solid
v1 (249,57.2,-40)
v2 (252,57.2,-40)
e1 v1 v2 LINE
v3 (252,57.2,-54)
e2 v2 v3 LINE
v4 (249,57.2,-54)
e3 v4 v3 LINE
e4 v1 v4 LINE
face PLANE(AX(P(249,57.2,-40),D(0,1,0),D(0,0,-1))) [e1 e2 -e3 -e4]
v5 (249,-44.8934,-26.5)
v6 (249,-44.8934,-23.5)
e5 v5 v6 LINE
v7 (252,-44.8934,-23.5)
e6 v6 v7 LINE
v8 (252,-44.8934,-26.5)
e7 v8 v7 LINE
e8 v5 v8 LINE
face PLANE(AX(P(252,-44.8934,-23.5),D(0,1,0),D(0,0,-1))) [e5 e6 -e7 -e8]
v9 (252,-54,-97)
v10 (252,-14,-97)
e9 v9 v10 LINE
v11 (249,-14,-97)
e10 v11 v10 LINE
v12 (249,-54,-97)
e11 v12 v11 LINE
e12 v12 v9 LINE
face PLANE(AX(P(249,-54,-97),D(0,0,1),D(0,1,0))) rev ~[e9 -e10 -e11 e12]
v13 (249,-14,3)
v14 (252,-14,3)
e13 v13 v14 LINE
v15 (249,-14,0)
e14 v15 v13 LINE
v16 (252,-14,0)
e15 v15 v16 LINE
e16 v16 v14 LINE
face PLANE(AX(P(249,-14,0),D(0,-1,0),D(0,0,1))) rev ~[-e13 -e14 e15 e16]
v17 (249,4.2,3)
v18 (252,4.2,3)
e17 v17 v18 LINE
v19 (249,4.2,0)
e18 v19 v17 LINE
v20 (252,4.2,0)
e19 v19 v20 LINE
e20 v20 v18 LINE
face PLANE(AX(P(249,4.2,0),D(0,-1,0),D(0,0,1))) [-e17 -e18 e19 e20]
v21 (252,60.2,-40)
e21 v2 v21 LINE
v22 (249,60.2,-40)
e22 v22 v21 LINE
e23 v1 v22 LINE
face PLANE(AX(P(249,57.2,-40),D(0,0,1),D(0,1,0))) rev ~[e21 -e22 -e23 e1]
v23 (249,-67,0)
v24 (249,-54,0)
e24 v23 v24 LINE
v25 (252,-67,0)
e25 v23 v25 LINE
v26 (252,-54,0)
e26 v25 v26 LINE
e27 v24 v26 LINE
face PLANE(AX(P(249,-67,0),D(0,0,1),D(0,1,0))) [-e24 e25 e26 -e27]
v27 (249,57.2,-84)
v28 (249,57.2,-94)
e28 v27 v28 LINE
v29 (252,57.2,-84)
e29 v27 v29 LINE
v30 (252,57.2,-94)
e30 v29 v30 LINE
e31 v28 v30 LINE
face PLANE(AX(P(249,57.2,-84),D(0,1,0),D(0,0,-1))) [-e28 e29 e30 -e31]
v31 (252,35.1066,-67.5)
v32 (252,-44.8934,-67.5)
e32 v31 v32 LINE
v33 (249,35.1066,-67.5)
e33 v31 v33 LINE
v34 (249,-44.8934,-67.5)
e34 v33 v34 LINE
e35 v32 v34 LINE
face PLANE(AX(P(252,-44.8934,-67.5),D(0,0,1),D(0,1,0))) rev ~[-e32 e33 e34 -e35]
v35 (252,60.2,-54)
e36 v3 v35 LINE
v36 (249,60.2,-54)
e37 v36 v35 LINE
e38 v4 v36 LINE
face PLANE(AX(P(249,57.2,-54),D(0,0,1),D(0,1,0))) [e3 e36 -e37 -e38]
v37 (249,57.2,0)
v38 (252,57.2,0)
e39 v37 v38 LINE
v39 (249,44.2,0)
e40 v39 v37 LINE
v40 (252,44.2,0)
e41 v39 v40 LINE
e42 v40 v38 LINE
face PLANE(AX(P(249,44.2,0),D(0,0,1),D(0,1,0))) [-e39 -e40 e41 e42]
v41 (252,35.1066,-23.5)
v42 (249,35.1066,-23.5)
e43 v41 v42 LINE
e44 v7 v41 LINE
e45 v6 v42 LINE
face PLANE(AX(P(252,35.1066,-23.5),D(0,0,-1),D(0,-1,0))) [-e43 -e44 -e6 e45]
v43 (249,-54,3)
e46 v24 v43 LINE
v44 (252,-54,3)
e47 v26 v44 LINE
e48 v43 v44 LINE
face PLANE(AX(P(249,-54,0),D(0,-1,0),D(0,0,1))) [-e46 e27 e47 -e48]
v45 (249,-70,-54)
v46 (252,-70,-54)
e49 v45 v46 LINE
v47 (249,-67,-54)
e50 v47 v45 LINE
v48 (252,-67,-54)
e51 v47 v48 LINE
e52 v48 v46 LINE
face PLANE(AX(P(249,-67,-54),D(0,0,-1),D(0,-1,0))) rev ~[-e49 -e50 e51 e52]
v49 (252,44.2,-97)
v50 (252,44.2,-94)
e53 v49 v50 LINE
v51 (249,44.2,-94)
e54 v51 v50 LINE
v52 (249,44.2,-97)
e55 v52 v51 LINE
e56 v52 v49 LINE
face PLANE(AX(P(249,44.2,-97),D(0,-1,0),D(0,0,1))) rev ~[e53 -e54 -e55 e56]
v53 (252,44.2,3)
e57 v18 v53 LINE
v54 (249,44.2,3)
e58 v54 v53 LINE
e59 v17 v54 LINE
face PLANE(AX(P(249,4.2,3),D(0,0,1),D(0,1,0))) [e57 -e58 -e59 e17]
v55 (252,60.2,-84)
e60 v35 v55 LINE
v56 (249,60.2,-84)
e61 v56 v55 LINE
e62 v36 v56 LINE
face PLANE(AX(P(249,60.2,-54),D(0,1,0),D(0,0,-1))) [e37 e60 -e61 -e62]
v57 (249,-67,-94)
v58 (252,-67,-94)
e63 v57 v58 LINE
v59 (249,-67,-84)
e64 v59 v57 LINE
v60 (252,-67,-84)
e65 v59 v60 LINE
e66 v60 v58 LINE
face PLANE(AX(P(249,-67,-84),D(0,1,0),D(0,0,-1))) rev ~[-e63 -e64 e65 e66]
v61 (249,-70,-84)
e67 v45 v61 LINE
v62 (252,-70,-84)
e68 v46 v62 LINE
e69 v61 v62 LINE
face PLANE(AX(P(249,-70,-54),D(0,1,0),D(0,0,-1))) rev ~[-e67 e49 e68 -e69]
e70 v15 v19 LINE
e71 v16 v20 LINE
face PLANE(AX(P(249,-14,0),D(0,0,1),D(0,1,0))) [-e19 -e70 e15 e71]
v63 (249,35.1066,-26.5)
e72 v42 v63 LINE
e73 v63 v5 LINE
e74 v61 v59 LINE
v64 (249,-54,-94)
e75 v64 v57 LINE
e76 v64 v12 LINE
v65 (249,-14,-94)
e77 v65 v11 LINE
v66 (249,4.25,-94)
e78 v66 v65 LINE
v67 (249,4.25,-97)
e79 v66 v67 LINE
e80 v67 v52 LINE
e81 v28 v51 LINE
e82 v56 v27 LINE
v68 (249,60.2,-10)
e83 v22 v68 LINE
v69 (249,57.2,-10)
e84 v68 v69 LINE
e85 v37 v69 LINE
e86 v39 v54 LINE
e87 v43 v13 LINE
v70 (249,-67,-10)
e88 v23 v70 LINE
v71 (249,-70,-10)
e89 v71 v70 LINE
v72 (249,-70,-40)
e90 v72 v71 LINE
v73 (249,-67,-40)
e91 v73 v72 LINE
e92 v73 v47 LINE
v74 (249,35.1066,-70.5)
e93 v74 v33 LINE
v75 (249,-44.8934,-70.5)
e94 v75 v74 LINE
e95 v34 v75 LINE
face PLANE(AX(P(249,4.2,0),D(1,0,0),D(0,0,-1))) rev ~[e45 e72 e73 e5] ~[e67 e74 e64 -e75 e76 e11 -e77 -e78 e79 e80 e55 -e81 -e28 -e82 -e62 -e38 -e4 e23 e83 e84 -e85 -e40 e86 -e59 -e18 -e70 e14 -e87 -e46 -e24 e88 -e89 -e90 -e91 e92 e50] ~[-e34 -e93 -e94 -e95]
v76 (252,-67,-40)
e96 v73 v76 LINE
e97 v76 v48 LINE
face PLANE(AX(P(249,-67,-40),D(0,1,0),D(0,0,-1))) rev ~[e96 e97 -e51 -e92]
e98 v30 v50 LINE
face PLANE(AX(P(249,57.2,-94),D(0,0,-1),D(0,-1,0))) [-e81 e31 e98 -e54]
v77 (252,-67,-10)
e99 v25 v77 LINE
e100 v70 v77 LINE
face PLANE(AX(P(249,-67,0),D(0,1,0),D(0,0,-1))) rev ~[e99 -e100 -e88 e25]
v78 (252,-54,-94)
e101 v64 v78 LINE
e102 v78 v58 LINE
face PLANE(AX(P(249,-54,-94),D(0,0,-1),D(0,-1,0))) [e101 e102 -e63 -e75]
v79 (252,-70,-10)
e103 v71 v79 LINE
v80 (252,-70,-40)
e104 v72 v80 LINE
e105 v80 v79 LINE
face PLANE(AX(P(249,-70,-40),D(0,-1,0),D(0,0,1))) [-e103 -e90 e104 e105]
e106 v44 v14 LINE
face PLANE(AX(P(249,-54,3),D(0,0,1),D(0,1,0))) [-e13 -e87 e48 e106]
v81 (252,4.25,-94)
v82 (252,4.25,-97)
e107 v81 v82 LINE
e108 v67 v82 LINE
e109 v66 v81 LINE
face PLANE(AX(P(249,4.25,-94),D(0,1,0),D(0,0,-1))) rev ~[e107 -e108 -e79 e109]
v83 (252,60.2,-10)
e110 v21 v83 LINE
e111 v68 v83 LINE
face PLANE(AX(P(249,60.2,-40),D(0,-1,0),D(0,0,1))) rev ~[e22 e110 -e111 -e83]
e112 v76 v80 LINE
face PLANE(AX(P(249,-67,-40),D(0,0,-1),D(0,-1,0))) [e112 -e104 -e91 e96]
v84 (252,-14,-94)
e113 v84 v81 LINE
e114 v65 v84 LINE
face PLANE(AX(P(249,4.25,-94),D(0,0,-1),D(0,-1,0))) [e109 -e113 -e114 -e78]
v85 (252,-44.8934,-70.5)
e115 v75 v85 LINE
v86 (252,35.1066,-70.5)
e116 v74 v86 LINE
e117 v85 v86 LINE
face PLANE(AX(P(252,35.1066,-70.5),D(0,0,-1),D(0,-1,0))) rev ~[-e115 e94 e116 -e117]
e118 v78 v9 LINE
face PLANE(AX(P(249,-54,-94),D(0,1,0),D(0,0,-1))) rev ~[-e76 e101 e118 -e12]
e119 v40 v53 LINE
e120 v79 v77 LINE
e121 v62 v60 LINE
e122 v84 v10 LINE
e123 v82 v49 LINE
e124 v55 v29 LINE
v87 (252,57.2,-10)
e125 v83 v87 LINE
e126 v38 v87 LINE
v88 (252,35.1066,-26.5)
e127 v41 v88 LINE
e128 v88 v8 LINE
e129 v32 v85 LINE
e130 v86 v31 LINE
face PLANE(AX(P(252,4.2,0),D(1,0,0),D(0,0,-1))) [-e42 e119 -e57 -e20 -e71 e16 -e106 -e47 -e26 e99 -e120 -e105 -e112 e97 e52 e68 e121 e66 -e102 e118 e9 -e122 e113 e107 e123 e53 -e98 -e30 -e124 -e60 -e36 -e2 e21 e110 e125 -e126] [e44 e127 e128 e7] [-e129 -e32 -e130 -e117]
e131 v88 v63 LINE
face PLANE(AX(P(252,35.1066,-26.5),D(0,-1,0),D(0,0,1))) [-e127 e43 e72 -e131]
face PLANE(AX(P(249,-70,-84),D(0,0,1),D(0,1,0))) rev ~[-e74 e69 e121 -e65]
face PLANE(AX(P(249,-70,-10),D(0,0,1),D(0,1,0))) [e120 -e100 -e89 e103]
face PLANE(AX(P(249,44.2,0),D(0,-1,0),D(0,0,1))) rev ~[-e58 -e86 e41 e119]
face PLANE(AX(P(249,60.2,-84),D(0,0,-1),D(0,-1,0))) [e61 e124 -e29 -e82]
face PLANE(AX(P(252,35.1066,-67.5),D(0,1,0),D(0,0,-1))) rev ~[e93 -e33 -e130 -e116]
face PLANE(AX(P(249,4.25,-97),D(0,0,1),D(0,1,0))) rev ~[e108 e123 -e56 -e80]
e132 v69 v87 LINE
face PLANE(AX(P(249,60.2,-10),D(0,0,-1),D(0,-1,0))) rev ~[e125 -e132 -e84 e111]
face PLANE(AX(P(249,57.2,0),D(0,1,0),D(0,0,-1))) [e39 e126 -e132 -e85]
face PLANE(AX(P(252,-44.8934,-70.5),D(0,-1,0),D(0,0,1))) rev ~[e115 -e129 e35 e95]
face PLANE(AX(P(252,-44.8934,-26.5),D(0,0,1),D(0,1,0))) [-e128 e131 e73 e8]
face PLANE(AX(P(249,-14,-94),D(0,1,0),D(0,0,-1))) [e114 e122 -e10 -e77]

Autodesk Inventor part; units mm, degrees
ref_plane "YZ Plane" through (0, 0, 0) normal (1, 0, 0) x (0, 1, 0)
ref_plane "XZ Plane" through (0, 0, 0) normal (0, 1, 0) x (-1, 0, 0)
ref_plane "Work Plane1" through (249, 4.2, 0) normal (1, 0, 0) x (0, 0, -1)
sketch "Sketch2" plane through (249, 4.2, 0) normal (1, 0, 0) x (0, 0, -1)
  line L0 (0, -18.2) -> (0, -58.2) projected
  line L1 (0, -18.2) -> (-3, -18.2) projected
  line L2 (-3, -58.2) -> (-3, -18.2) construction
  line L3 (0, -58.2) -> (-3, -58.2) projected
  line L4 (-3, 56) -> (-3, 53) construction
  line L5 (0, -74.2) -> (-3, -74.2) projected
  line L6 (0, 56) -> (94, 56) construction
  line L7 (94, 53) -> (94, -71.2)
  line L8 (94, -74.2) -> (0, -74.2) construction
  line L9 (0, -71.2) -> (0, 53)
  line L10 (-3, -18.2) -> (0, -18.2)
  line L11 (0, -18.2) -> (0, -58.2)
  line L12 (0, -58.2) -> (-3, -58.2)
  line L13 (-3, -58.2) -> (-3, -18.2)
  line L14 (47, 56) -> (47, -74.2) construction
  line L15 (0, -9.1) -> (94, -9.1) construction
  line L16 (94, 40) -> (94, 0)
  line L17 (97, 0) -> (97, 40) construction
  line L18 (94, 0) -> (97, 0)
  line L19 (94, -18.2) -> (94, -58.2)
  line L20 (94, -18.2) -> (97, -18.2)
  line L21 (97, -58.2) -> (97, -18.2) construction
  line L22 (94, -58.2) -> (97, -58.2)
  line L23 (97, -18.2) -> (94, -18.2)
  line L24 (94, -18.2) -> (94, -58.2)
  line L25 (94, -58.2) -> (97, -58.2)
  line L26 (97, -58.2) -> (97, -18.2)
  line L27 (94, 21.75) -> (94, 0.05)
  line L28 (97, 40) -> (94, 40)
  line L29 (94, 40) -> (94, 0.05)
  line L30 (94, 0.05) -> (97, 0.05)
  line L31 (97, 0.05) -> (97, 40)
  line L32 (0, 40) -> (0, 56) construction
  line L33 (94, 56) -> (0, 56) construction
  line L34 (0, 56) -> (0, 53) construction
  line L35 (0, 53) -> (94, 53)
  line L36 (94, 53) -> (94, 56) construction
  line L37 (10, 53) -> (40, 53)
  line L38 (40, 53) -> (40, 56)
  line L39 (40, 56) -> (10, 56)
  line L40 (10, 56) -> (10, 53)
  line L41 (84, 53) -> (54, 53)
  line L42 (54, 53) -> (54, 56)
  line L43 (54, 56) -> (84, 56)
  line L44 (84, 56) -> (84, 53)
  line L45 (10, -71.2) -> (40, -71.2)
  line L46 (40, -71.2) -> (40, -74.2)
  line L47 (40, -74.2) -> (10, -74.2)
  line L48 (10, -74.2) -> (10, -71.2)
  line L49 (84, -74.2) -> (84, -71.2)
  line L50 (84, -71.2) -> (54, -71.2)
  line L51 (54, -71.2) -> (54, -74.2)
  line L52 (54, -74.2) -> (84, -74.2)
  line L53 (0, -71.2) -> (94, -71.2)
  line L54 (0, 40) -> (0, 0) construction
  line L55 (0, 40) -> (-3, 40) construction
  line L56 (-3, 0) -> (-3, 40) construction
  line L57 (0, 0) -> (-3, 0) construction
  line L58 (-3, 0) -> (0, 0) construction
  line L59 (0, 0) -> (0, 40) construction
  line L60 (0, 40) -> (-3, 40) construction
  line L61 (-3, 40) -> (-3, 0) construction
  line L62 (0, 40) -> (-3, 40) projected
  line L63 (-3, 40) -> (0, 40)
  line L64 (0, 40) -> (0, 0)
  line L65 (0, 0) -> (-3, 0)
  line L66 (-3, 0) -> (-3, 40)
  point P0 (0, -4.2)
  point P1 (0, 21.75)
  point P2 (0, 0.05)
  point P3 (94, -4.2)
  dimension "d47" = 94
  dimension "d48" = 3
  dimension "d49" = 30
  dimension "d54" = 10
extrude "Extrusion3" add sketch "Sketch2" along normal blind 3
sketch "Sketch3" plane through (252, 4.2, 0) normal (1, 0, 0) x (0, 0, -1)
  line L0 (0, -18.2) -> (-3, -18.2) construction
  line L1 (-3, -18.2) -> (-3, -58.2) construction
  line L2 (-3, -58.2) -> (0, -58.2) construction
  line L3 (0, -58.2) -> (0, -71.2) construction
  line L4 (0, -71.2) -> (10, -71.2) construction
  line L5 (10, -71.2) -> (10, -74.2) construction
  line L6 (10, -74.2) -> (40, -74.2) construction
  line L7 (40, -74.2) -> (40, -71.2) construction
  line L8 (40, -71.2) -> (54, -71.2) construction
  line L9 (54, -71.2) -> (54, -74.2) construction
  line L10 (54, -74.2) -> (84, -74.2) construction
  line L11 (84, -74.2) -> (84, -71.2) construction
  line L12 (84, -71.2) -> (94, -71.2) construction
  line L13 (94, -71.2) -> (94, -58.2) construction
  line L14 (94, -58.2) -> (97, -58.2) construction
  line L15 (97, -58.2) -> (97, -18.2) construction
  line L16 (97, -18.2) -> (94, -18.2) construction
  line L17 (94, -18.2) -> (94, 0.05) construction
  line L18 (94, 0.05) -> (97, 0.05) construction
  line L19 (97, 0.05) -> (97, 40) construction
  line L20 (97, 40) -> (94, 40) construction
  line L21 (94, 40) -> (94, 53) construction
  line L22 (94, 53) -> (84, 53) construction
  line L23 (84, 53) -> (84, 56) construction
  line L24 (84, 56) -> (54, 56) construction
  line L25 (54, 56) -> (54, 53) construction
  line L26 (54, 53) -> (40, 53) construction
  line L27 (40, 53) -> (40, 56) construction
  line L28 (40, 56) -> (10, 56) construction
  line L29 (10, 56) -> (10, 53) construction
  line L30 (10, 53) -> (0, 53) construction
  line L31 (0, 53) -> (0, 40) construction
  line L32 (0, 40) -> (-3, 40) construction
  line L33 (-3, 40) -> (-3, 0) construction
  line L34 (-3, 0) -> (0, 0) construction
  line L35 (0, 0) -> (0, -18.2) construction
  line L36 (47, 53) -> (47, -71.2) construction
  line L37 (0, -9.1) -> (94, -9.075) construction
  line L38 (23.5, -49.0934) -> (26.5, -49.0934)
  line L39 (26.5, -49.0934) -> (26.5, 30.9066)
  line L40 (26.5, 30.9066) -> (23.5, 30.9066)
  line L41 (23.5, 30.9066) -> (23.5, -49.0934)
  line L42 (23.5, -49.0934) -> (26.5, 30.9066) construction
  line L43 (26.5, -49.0934) -> (23.5, 30.9066) construction
  line L44 (70.5, -49.0934) -> (67.5, -49.0934)
  line L45 (67.5, -49.0934) -> (67.5, 30.9066)
  line L46 (67.5, 30.9066) -> (70.5, 30.9066)
  line L47 (70.5, 30.9066) -> (70.5, -49.0934)
  line L48 (70.5, -49.0934) -> (67.5, 30.9066) construction
  line L49 (67.5, -49.0934) -> (70.5, 30.9066) construction
  point P0 (0, -4.2)
  point P1 (25, -9.0934)
  point P2 (69, -9.0934)
  dimension "d55" = 3
  dimension "d56" = 80
extrude "Extrusion4" cut sketch "Sketch3" along normal mid plane 10
properties part number "case_side"
